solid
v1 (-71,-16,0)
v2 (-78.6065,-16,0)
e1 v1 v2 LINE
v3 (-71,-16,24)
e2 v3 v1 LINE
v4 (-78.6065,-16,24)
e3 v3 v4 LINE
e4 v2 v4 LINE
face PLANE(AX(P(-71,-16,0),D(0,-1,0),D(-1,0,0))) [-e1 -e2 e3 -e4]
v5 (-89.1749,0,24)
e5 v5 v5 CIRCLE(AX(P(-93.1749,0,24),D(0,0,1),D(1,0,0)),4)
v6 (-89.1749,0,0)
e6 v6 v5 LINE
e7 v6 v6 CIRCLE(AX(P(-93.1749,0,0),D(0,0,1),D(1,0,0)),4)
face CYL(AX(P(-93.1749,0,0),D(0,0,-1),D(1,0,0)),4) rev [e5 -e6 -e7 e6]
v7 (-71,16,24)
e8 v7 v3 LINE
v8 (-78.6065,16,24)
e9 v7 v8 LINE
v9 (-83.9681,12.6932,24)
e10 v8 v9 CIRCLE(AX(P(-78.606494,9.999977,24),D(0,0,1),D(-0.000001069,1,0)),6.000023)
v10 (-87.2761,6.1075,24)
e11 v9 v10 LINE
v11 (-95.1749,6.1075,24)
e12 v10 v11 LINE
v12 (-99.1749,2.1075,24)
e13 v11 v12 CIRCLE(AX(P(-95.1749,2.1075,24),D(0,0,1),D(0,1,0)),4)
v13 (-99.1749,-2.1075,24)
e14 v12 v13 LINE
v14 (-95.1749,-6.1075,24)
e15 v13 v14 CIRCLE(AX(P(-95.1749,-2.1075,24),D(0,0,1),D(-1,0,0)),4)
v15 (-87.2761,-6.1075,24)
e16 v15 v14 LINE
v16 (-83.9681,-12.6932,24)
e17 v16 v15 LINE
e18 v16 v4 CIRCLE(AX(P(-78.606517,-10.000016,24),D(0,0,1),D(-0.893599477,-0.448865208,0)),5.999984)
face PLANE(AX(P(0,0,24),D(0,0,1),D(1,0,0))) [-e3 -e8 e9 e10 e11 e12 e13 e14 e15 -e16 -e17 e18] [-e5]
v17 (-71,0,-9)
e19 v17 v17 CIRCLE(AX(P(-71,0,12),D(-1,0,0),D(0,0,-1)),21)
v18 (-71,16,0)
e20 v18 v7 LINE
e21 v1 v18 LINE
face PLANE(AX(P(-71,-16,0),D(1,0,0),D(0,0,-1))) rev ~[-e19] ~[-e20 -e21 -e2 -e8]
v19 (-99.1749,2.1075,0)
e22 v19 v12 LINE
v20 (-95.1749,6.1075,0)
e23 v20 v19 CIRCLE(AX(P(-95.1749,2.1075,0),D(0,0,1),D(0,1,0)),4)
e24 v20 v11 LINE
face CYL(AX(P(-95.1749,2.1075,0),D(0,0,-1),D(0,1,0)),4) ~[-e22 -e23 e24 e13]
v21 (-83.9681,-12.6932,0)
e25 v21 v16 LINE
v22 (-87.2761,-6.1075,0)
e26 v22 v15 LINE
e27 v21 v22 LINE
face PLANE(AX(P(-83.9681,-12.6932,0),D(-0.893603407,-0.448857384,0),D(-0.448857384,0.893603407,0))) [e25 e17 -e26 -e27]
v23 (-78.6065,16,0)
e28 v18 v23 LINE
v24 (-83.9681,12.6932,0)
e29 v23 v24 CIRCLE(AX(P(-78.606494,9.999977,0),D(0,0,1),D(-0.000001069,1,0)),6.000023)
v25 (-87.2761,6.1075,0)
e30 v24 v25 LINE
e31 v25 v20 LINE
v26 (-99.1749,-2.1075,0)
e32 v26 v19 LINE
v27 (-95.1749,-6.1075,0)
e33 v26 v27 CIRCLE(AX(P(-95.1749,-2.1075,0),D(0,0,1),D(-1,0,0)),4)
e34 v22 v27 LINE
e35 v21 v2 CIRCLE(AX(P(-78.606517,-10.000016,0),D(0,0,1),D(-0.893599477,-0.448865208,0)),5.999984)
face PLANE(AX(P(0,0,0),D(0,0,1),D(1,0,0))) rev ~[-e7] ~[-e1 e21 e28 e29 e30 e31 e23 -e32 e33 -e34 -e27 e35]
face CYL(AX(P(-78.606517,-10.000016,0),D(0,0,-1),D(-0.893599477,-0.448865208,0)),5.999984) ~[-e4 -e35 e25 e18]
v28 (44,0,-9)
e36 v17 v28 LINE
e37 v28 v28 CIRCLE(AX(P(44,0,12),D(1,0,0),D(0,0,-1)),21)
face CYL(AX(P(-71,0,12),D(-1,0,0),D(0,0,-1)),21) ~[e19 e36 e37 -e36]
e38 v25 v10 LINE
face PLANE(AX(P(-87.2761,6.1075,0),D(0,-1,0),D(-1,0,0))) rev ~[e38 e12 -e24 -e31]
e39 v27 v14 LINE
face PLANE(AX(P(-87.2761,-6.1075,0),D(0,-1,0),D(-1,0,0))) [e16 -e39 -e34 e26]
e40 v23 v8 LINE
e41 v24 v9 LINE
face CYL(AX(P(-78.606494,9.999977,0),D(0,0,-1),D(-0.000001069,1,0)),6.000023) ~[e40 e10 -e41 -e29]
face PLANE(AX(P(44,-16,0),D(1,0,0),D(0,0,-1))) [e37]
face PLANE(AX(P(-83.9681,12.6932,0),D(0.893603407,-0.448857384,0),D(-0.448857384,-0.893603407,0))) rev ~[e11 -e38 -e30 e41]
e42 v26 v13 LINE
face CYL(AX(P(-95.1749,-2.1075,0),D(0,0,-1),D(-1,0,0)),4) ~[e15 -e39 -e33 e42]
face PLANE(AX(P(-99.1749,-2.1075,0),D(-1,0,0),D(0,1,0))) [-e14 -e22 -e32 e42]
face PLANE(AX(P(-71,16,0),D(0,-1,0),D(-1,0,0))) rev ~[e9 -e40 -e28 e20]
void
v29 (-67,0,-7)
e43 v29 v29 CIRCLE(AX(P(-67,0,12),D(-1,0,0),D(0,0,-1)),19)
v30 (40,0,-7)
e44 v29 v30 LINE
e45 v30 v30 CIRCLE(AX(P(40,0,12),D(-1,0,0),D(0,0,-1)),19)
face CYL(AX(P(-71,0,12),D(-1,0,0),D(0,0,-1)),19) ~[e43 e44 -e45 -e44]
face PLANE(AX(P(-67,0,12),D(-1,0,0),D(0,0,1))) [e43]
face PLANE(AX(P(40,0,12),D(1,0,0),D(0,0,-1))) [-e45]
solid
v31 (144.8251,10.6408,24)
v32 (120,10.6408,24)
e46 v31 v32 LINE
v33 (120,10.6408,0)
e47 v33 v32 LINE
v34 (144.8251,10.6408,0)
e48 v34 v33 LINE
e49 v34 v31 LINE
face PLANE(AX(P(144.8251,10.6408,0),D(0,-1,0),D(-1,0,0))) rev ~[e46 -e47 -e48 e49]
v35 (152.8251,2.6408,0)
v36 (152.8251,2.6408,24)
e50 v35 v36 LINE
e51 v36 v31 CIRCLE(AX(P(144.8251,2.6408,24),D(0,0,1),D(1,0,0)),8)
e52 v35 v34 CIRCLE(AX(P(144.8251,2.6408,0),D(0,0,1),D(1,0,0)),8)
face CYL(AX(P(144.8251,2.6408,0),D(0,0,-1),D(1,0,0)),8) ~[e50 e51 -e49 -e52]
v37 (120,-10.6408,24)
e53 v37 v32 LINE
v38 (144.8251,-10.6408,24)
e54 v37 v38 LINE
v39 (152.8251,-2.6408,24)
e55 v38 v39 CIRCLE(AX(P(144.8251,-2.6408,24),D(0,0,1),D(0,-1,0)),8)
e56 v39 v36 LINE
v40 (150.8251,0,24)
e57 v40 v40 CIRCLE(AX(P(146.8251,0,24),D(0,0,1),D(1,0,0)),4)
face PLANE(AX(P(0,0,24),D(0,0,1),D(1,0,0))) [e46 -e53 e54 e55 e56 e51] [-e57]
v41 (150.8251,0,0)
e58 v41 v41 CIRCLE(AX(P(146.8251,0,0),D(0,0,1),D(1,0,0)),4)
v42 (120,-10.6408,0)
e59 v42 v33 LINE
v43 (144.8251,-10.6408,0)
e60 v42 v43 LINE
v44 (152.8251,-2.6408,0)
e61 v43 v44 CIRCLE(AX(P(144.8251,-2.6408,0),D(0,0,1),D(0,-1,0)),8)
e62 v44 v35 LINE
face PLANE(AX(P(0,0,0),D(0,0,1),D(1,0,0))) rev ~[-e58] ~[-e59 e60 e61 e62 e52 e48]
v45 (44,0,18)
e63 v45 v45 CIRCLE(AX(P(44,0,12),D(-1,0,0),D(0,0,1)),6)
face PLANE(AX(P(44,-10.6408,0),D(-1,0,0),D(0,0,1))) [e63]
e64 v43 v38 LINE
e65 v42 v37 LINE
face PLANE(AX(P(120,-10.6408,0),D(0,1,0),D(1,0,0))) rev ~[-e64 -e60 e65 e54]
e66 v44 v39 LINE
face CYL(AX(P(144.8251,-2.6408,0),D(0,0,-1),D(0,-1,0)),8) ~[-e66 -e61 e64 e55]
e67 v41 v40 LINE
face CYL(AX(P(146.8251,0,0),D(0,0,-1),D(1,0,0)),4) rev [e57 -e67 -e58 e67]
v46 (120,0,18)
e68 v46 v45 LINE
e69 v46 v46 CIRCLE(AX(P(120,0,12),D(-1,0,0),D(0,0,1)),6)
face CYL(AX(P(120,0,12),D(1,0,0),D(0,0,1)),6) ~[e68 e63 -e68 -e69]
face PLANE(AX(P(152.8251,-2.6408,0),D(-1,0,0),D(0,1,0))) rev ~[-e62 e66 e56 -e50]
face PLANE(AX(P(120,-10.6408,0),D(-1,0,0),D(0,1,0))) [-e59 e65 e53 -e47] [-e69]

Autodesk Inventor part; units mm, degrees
ref_plane "YZ Plane" through (0, 0, 0) normal (1, 0, 0) x (0, 1, 0)
ref_plane "XZ Plane" through (0, 0, 0) normal (0, 1, 0) x (-1, 0, 0)
ref_plane "XY Plane" through (0, 0, 0) normal (0, 0, 1) x (1, 0, 0)
sketch "Sketch12" plane through (0, 0, 0) normal (0, 0, 1) x (1, 0, 0)
  line L0 (120.2458, -10.6408) -> (144.8251, -10.6408)
  line L1 (152.8251, -2.6408) -> (152.8251, 2.6408)
  line L2 (144.8251, 10.6408) -> (120.2458, 10.6408)
  arc A0 (144.8251, -10.6408) -> (152.8251, -2.6408) centre (144.8251, -2.6408) ccw
  arc A1 (152.8251, 2.6408) -> (144.8251, 10.6408) centre (144.8251, 2.6408) ccw
  circle A2 centre (146.8251, 0) radius 4
  circle A3 centre (-93.1749, 0) radius 4 construction
  line L3 (120.2458, -10.6408) -> (120.2458, 10.6408)
  line L4 (-83.9681, -12.6932) -> (-87.2761, -6.1075)
  line L5 (-87.2761, -6.1075) -> (-95.1749, -6.1075)
  line L6 (-87.2761, 6.1075) -> (-95.1749, 6.1075)
  circle A4 centre (-93.1749, 0) radius 4
  arc A5 (-95.1749, 6.1075) -> (-99.1749, 2.1075) centre (-95.1749, 2.1075) ccw
  line L7 (-99.1749, 2.1075) -> (-99.1749, 0)
  arc A6 (-99.1749, -2.1075) -> (-95.1749, -6.1075) centre (-95.1749, -2.1075) ccw
  line L8 (-99.1749, -2.1075) -> (-99.1749, 0)
  arc A7 (-83.9681, -12.6932) -> (-78.6065, -16) centre (-78.6065, -10) ccw
  line L9 (-71, -16) -> (-78.6065, -16)
  line L10 (-71, 0) -> (-71, -16)
  line L11 (-71, 20) -> (-71, -20)
  line L12 (-83.9681, 12.6932) -> (-87.2761, 6.1075)
  line L13 (-71, 0) -> (-71, 16)
  line L14 (-71, 16) -> (-78.6065, 16)
  arc A8 (-78.6065, 16) -> (-83.9681, 12.6932) centre (-78.6065, 10) ccw
  point P0 (0, 0)
  dimension "d44" = 8
  dimension "d45" = 8
  dimension "d46" = 240
  dimension "d47" = 6
  dimension "d48" = 6
  dimension "d49" = 16
  dimension "d50" = 4
  dimension "d51" = 8
  dimension "d52" = 6
extrude "Extrusion14" add sketch "Sketch12" along normal blind 24 contours L4 L5 A6 L8 L7 A5 L6 L12 A8 L14 L11 L10 L9 A7
sketch "Sketch14" plane through (-71, -16, 0) normal (1, 0, 0) x (0, 0, -1)
  line L0 (0, 0) -> (-24, 0) projected
  line L1 (-24, 12) -> (-24, 20) projected
  circle A0 centre (-12, 16) radius 19
  circle A1 centre (-12, 16) radius 21
  point P0 (0, 16)
  dimension "d58" = 38
  dimension "d59" = 2
extrude "Extrusion16" add sketch "Sketch14" along normal blind 115
sketch "Sketch15" plane through (-71, 0, 12) normal (-1, 0, 0) x (0, 0, 1)
  circle A0 centre (0, 0) radius 21 projected
  point P0 (-12, 0)
extrude "Extrusion17" add sketch "Sketch15" against normal blind 4
sketch "Sketch16" plane through (44, 0, 12) normal (1, 0, 0) x (0, 0, -1)
  circle A0 centre (0, 0) radius 21 projected
  point P0 (12, 0)
extrude "Extrusion18" add sketch "Sketch16" against normal blind 4
sketch "Sketch17" plane through (0, 0, 0) normal (0, 0, 1) x (1, 0, 0)
  line L0 (120, -10.6408) -> (144.8251, -10.6408)
  line L1 (152.8251, -2.6408) -> (152.8251, 2.6408)
  line L2 (144.8251, 10.6408) -> (120, 10.6408)
  arc A0 (144.8251, -10.6408) -> (152.8251, -2.6408) centre (144.8251, -2.6408) ccw
  arc A1 (152.8251, 2.6408) -> (144.8251, 10.6408) centre (144.8251, 2.6408) ccw
  circle A2 centre (146.8251, 0) radius 4
  line L3 (120, -10.6408) -> (120, 10.6408)
  line L4 (44, -21) -> (44, 21) projected
  point P0 (0, 0)
  point P1 (0, 0)
  dimension "d68" = 8
  dimension "d69" = 8
  dimension "d71" = 6
  dimension "d77" = 76
extrude "Extrusion20" add sketch "Sketch17" along normal blind 24 separate body
sketch "Sketch18" plane through (120, -10.6408, 0) normal (-1, 0, 0) x (0, 0, 1)
  line L0 (0, 0) -> (24, 0) projected
  circle A0 centre (12, 10.6408) radius 6
  point P0 (0, 10.6408)
  point P1 (0, 12.7482)
  dimension "d80" = 12
extrude "Extrusion21" add sketch "Sketch18" along normal up to surface (76 mm away) bodies 2
properties part number "amortiguador"
